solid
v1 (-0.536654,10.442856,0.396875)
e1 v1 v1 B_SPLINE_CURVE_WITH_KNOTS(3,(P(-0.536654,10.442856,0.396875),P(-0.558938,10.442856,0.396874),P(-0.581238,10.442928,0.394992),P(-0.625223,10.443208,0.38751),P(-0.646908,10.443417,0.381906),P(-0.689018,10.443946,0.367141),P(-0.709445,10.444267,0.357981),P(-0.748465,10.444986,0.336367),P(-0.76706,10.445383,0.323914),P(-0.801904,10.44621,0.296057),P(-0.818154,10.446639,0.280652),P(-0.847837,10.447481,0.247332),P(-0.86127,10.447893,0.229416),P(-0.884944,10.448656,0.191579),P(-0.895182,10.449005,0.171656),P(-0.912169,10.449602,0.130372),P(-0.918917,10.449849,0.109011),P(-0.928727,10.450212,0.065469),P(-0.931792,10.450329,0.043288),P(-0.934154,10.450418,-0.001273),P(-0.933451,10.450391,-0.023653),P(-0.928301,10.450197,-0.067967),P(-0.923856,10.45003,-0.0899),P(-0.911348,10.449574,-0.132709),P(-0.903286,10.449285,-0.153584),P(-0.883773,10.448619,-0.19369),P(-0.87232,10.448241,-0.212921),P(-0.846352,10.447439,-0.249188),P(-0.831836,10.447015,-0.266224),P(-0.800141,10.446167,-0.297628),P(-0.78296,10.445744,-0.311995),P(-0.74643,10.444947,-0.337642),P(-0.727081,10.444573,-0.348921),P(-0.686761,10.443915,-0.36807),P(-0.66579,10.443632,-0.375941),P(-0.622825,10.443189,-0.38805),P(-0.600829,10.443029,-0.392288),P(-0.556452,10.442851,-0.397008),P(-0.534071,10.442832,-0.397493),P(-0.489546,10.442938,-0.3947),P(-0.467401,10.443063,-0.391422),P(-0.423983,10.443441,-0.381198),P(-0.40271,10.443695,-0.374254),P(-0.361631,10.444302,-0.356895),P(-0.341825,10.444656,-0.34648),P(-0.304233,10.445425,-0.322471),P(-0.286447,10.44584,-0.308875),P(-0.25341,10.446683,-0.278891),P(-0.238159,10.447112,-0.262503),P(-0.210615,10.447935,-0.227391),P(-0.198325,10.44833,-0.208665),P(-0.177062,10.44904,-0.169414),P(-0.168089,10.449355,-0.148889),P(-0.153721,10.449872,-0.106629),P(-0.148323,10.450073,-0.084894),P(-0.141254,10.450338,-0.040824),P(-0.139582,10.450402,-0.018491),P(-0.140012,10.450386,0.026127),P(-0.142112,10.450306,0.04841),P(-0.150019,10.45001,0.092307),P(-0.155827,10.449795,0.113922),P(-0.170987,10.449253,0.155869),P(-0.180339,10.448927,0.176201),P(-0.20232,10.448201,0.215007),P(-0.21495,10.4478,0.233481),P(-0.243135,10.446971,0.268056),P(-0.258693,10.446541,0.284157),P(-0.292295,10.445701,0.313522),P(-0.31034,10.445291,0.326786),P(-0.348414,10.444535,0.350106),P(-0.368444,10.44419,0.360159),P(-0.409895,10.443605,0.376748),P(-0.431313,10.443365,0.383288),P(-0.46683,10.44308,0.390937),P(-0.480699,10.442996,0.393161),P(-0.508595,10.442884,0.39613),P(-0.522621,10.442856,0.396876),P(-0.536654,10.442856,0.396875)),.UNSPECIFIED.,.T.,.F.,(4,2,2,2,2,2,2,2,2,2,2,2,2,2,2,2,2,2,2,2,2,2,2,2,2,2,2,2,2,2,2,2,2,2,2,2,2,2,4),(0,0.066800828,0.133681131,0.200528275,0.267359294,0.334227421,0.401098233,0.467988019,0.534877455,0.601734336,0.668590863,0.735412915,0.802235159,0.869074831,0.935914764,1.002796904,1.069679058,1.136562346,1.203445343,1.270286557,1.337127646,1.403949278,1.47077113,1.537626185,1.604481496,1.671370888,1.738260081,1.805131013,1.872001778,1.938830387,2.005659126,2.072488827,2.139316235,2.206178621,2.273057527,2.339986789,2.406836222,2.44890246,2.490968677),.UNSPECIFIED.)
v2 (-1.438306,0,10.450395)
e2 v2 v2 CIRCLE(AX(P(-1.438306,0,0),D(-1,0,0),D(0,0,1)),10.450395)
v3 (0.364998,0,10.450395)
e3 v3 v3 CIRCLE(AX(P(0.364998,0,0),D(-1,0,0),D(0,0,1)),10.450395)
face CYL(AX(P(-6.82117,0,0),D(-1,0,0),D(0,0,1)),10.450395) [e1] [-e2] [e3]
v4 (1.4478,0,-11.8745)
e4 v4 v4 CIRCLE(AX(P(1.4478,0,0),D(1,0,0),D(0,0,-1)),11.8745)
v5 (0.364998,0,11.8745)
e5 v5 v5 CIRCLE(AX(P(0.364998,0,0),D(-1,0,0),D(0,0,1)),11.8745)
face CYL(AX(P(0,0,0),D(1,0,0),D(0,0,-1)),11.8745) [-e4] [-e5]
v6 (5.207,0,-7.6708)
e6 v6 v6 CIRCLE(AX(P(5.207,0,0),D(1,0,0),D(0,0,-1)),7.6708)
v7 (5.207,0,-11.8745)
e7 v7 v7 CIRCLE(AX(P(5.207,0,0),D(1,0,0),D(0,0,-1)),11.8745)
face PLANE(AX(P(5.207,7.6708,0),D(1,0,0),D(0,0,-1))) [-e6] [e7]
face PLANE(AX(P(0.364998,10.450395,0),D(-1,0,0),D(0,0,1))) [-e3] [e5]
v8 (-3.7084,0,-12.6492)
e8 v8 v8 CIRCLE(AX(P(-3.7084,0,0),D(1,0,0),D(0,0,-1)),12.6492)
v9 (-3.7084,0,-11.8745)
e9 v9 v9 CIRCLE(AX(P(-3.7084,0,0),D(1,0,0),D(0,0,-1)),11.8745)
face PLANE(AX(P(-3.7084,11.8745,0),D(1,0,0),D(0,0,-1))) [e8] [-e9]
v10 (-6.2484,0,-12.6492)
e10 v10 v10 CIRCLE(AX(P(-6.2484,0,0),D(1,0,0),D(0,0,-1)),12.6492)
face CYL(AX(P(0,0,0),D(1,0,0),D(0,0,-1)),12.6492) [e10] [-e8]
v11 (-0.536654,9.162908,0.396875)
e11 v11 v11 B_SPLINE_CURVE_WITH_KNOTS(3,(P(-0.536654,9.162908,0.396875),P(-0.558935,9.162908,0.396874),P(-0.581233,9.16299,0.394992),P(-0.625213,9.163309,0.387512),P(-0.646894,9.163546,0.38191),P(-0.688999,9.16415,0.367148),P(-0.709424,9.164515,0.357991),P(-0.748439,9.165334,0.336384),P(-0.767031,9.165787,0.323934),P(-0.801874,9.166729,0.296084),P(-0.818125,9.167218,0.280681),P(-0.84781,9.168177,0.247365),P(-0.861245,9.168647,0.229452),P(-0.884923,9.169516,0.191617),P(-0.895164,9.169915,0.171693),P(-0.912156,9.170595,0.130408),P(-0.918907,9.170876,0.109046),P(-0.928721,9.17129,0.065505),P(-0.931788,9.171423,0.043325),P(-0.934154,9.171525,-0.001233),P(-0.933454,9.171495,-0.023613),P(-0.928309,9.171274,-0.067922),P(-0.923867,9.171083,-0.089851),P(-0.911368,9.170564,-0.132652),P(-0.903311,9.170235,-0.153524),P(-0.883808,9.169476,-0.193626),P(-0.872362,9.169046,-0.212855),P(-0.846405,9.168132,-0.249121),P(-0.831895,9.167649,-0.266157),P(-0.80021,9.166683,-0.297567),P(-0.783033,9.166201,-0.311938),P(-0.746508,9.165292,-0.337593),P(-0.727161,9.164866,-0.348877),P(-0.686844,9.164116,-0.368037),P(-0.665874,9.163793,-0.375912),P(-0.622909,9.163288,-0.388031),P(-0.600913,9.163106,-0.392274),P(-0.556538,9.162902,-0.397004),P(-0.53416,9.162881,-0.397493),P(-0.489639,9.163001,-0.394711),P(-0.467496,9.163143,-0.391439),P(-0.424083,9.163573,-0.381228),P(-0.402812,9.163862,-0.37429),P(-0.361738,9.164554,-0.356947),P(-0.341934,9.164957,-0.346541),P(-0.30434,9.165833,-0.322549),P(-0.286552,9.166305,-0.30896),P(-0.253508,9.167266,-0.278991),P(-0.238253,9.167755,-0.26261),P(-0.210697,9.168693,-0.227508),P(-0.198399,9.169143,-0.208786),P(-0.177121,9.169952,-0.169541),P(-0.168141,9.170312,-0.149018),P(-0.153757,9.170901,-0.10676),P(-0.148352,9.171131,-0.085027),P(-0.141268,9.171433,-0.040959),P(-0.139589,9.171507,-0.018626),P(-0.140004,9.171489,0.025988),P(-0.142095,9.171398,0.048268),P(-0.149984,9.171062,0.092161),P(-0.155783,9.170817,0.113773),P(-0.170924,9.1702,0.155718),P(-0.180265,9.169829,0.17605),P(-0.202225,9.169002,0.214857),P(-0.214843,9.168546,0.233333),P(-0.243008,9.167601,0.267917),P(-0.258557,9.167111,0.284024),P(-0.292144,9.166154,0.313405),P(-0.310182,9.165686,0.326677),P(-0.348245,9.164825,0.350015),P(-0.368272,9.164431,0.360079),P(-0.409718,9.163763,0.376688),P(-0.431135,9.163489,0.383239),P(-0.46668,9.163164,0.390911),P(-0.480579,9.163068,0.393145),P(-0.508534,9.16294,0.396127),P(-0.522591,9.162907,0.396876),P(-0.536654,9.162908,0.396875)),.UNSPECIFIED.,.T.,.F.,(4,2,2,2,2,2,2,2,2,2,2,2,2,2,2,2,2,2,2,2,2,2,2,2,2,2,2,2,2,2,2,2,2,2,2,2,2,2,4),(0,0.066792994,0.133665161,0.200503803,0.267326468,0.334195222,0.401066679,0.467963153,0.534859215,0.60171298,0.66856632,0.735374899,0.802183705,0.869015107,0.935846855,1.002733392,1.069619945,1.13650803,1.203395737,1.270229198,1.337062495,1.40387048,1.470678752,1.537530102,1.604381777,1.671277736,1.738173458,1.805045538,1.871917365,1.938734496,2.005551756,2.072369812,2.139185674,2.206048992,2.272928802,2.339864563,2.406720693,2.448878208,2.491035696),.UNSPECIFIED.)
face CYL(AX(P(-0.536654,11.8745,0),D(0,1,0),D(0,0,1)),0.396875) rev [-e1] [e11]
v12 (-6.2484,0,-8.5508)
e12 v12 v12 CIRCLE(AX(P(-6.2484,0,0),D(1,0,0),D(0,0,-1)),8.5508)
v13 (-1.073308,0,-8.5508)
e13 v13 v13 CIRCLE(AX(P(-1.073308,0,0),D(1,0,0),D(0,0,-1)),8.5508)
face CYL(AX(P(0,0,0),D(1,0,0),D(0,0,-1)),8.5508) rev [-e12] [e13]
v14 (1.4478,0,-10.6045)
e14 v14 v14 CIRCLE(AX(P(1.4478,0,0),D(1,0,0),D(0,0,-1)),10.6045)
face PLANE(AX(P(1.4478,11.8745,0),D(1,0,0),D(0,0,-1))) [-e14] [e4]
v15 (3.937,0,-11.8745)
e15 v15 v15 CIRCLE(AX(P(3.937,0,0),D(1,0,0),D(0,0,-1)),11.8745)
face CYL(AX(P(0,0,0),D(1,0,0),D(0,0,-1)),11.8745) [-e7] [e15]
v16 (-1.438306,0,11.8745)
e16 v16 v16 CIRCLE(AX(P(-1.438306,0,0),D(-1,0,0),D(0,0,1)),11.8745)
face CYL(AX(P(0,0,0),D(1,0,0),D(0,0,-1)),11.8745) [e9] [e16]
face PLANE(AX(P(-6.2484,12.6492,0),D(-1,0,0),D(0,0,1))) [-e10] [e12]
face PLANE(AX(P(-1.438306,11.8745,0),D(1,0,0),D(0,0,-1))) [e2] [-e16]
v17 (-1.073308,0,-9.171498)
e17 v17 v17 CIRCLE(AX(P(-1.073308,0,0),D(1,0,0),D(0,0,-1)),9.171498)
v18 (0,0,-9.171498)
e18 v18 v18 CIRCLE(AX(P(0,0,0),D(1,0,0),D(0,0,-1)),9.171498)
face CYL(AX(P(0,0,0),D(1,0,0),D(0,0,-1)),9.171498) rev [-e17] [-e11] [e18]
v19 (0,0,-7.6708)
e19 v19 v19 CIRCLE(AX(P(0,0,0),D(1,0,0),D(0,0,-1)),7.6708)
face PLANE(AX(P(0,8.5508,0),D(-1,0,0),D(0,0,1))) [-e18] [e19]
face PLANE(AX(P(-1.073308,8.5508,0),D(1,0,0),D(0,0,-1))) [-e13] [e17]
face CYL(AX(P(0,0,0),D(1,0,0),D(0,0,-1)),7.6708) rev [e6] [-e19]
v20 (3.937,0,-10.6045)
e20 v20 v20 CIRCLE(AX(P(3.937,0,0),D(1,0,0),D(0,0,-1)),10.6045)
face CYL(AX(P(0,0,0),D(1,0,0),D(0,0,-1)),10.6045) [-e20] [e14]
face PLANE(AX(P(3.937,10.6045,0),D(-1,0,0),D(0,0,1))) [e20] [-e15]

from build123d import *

# Parameters (mm, degrees)
F_1_32_0_03125_DIAMETER_HOLE1_REACH  = 30.292
F_1_32_0_03125_DIAMETER_HOLE1_BORE_R = 0.396875


with BuildPart() as part:
    # Sketch1 → Revolve1 (revolve)
    with BuildSketch(Plane.XY, mode=Mode.PRIVATE) as revolve1_sk:
        Polygon((-6.2484, 12.6492), (-6.2484, 8.550800018), (-1.073308102, 8.550800018), (-1.073308102, 9.17149847), (0, 9.17149847), (0, 8.550800018), (0, 7.6708), (5.207, 7.6708), (5.207, 11.8745), (3.937, 11.8745), (3.937, 10.6045), (1.4478, 10.6045), (1.4478, 11.8745), (-3.7084, 11.8745), (-3.7084, 12.6492), align=None)
    revolve(revolve1_sk.sketch.rotate(Axis((0, 0, 0), (-1, 0, 0)), 90), axis=Axis((0, 0, 0), (-1, 0, 0)))

    # 1/32 (0.03125) Diameter Hole1 bore → 1/32 (0.03125) Diameter Hole1 (cut, up to next)
    with BuildSketch(Plane(origin=(0, 11.8745, 0), x_dir=(1, 0, 0), z_dir=(0, 1, 0)), mode=Mode.PRIVATE) as f_1_32_0_03125_diameter_hole1_sk1:
        with Locations((-0.536654051, 0)):
            Circle(F_1_32_0_03125_DIAMETER_HOLE1_BORE_R)
    f_1_32_0_03125_diameter_hole1_tool1 = extrude(f_1_32_0_03125_diameter_hole1_sk1.sketch, amount=-F_1_32_0_03125_DIAMETER_HOLE1_REACH, mode=Mode.PRIVATE) & part.part
    add(f_1_32_0_03125_diameter_hole1_tool1.solids().sort_by_distance((-0.536654, 11.8745, 0))[0], mode=Mode.SUBTRACT)

    # Sketch4 → Cut-Revolve3 (revolve, cut)
    with BuildSketch(Plane.XY, mode=Mode.PRIVATE) as cut_revolve3_sk:
        with BuildLine():
            Line((-0.139779051, 11.8745), (0.364997855, 11.8745))
            Line((0.364997855, 11.8745), (0.364997855, 10.450394686))
            Line((0.364997855, 10.450394686), (-1.438305958, 10.450394686))
            Line((-1.438305958, 10.450394686), (-1.438305958, 11.8745))
            Line((-1.438305958, 11.8745), (-0.933529051, 11.8745))
            add(Edge.make_bspline(
                [(-0.139779051, 11.8745), (-0.536654051, 11.861235461), (-0.933529051, 11.8745)],
                knots=[0, 0, 0, 1, 1, 1], degree=2, weights=[0.011477625, 0.0118745, 0.012271375]))
        make_face()
    revolve(cut_revolve3_sk.sketch.rotate(Axis((-6.82117, 0, 0), (1, 0, 0)), 270), axis=Axis((-6.82117, 0, 0), (1, 0, 0)), mode=Mode.SUBTRACT)


with BuildPart() as cut_revolve3_kept_piece:
    # of the separate pieces the step leaves, the one the design keeps (cut_revolve3_pieces_kept)
    add(part.part.solids().sort_by_distance((-6.2484, 0, -12.6492))[0])


solid = cut_revolve3_kept_piece.part
